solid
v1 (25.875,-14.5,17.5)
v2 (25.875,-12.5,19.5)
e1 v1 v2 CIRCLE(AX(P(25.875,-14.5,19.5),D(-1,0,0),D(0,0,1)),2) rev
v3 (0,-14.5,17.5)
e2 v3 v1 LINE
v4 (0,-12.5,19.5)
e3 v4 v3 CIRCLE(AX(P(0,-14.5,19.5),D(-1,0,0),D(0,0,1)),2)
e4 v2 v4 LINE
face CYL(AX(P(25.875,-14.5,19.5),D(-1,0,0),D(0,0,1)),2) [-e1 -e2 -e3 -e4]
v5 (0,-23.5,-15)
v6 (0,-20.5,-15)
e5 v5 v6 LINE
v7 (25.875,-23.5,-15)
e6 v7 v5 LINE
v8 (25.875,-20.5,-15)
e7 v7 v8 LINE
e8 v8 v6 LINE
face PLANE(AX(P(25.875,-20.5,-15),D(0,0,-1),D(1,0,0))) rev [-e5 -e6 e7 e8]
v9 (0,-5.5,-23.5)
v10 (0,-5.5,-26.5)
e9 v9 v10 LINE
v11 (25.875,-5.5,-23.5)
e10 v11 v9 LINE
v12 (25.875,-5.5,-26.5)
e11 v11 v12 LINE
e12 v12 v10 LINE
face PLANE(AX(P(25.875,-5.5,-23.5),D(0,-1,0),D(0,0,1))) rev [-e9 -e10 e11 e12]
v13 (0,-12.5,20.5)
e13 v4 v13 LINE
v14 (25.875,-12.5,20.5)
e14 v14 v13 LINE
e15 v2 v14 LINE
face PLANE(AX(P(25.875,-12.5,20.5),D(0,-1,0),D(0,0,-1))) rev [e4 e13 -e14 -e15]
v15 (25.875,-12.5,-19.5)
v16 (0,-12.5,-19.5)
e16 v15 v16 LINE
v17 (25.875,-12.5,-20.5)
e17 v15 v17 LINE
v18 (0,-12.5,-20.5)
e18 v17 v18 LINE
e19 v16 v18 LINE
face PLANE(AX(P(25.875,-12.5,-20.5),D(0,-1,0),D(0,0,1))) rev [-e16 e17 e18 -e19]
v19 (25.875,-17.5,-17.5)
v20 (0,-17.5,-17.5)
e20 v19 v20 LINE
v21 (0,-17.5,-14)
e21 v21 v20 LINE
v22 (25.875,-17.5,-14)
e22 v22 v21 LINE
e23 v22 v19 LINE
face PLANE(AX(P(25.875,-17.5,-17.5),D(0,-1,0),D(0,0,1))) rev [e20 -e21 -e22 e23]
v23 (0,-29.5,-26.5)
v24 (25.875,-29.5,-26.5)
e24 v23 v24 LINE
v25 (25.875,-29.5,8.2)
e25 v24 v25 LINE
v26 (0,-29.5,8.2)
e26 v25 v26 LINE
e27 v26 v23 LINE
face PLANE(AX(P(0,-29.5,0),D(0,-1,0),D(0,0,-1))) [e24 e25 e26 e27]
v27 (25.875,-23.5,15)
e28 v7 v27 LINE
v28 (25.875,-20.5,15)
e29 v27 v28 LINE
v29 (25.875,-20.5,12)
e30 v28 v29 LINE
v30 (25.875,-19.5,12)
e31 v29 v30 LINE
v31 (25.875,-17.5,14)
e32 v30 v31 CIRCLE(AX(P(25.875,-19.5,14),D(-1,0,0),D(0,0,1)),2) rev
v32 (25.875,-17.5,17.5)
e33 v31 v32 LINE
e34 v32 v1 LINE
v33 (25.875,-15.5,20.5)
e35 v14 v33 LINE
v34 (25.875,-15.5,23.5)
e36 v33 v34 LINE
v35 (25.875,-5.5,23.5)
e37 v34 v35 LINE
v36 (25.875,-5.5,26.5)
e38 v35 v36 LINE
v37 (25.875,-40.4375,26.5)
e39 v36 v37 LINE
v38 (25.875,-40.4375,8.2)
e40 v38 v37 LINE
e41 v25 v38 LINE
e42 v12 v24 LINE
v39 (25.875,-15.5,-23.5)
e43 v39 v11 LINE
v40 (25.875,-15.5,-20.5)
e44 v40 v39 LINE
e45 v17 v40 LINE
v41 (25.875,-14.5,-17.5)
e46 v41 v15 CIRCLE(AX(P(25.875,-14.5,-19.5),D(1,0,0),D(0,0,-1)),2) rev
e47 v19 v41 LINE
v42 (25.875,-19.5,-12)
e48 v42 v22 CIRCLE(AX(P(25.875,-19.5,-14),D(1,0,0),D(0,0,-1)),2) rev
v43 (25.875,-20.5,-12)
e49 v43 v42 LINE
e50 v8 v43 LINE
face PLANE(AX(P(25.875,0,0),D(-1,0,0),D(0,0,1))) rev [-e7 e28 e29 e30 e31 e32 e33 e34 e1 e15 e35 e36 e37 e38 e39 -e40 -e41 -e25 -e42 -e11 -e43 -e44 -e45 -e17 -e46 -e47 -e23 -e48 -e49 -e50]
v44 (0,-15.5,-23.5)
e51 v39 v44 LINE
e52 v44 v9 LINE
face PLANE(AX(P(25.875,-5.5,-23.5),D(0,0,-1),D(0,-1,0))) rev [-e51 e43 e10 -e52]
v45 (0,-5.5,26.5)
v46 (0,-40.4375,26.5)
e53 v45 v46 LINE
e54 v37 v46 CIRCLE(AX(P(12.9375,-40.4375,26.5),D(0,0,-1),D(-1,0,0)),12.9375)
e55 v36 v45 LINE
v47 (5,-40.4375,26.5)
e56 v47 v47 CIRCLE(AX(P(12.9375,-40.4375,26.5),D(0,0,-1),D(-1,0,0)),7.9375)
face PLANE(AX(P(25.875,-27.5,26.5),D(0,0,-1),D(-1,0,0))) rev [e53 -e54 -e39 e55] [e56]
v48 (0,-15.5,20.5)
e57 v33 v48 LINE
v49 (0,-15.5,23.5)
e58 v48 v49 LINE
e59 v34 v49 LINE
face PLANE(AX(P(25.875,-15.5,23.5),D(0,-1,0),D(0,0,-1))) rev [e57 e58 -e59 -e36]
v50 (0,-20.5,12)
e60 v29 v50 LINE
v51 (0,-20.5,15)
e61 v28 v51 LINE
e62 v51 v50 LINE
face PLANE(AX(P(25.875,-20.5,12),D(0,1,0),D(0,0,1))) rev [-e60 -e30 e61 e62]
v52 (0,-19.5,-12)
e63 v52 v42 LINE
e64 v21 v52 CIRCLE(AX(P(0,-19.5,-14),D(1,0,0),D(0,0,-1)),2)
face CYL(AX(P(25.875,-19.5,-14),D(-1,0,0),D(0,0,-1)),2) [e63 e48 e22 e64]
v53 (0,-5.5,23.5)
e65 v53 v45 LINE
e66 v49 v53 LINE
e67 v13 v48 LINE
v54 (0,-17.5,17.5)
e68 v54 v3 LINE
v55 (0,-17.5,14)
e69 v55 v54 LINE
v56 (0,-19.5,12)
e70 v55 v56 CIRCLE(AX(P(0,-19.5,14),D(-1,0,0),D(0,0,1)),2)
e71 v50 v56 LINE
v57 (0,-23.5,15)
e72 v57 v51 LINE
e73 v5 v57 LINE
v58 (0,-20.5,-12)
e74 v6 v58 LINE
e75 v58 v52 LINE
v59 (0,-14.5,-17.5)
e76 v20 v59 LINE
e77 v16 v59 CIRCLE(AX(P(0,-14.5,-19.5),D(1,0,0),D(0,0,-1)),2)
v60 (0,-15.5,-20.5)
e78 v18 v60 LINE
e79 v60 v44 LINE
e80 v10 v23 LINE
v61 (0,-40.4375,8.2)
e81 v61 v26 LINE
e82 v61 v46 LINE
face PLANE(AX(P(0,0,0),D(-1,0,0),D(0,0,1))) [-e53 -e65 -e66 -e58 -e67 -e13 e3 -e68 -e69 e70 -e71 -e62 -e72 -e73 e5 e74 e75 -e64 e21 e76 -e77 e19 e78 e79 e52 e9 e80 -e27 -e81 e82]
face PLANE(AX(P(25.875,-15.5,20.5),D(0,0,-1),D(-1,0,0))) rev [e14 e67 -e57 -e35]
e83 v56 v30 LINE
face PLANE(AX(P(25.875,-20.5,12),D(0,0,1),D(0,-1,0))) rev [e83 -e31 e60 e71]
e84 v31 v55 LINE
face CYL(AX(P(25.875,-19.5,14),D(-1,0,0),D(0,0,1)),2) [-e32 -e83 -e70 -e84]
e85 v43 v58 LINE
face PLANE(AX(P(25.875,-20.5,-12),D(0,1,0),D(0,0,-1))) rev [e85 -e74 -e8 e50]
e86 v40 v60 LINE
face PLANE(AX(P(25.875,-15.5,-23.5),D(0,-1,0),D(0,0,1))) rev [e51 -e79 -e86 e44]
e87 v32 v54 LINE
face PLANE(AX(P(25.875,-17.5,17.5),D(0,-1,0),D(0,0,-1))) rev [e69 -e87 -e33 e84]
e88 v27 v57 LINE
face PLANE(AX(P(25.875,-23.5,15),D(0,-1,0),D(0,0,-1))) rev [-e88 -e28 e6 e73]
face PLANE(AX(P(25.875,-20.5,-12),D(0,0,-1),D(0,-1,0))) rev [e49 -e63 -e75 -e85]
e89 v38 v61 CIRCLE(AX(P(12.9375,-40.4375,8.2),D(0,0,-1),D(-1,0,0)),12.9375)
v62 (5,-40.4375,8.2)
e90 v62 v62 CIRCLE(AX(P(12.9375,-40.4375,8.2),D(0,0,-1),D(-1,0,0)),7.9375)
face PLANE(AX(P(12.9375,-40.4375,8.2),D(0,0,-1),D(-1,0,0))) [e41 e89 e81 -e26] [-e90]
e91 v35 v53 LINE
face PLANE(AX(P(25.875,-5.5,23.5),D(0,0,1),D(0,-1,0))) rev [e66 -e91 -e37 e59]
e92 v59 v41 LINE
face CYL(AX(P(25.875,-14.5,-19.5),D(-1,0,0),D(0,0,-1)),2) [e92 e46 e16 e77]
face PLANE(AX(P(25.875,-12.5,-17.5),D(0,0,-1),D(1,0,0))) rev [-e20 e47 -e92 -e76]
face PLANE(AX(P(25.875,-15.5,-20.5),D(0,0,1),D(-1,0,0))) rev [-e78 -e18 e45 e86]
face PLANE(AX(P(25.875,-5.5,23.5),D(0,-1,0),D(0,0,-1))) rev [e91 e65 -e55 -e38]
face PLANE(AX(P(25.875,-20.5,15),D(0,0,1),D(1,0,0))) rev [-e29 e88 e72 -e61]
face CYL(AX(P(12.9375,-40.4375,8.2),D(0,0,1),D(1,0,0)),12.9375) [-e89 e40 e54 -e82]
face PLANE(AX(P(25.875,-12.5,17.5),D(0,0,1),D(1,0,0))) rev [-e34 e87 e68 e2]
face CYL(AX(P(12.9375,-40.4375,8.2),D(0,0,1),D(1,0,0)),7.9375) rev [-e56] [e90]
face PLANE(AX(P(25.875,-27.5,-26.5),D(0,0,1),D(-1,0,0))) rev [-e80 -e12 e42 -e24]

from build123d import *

# Parameters (mm, degrees)
BOSS_EXTRUDE1_DEPTH = 25.875
FILLET1_R           = 2
SKETCH2_R           = 7.9375
BOSS_EXTRUDE2_DEPTH = 18.3
SKETCH3_W           = 25.875
SKETCH3_H           = 34.7
BOSS_EXTRUDE3_DEPTH = 2


with BuildPart() as part:
    # Sketch1 → Boss-Extrude1 (new body)
    with BuildSketch(Plane(origin=(0, 0, 0), x_dir=(0, 0, -1), z_dir=(1, 0, 0))):
        Polygon((-26.5, -27.5), (-26.5, -5.5), (-23.5, -5.5), (-23.5, -15.5), (-20.5, -15.5), (-20.5, -12.5), (-17.5, -12.5), (-17.5, -17.5), (-12, -17.5), (-12, -20.5), (-15, -20.5), (-15, -23.5), (0, -23.5), (0, -27.5), align=None)
    extrude(amount=BOSS_EXTRUDE1_DEPTH)

    # Fillet1
    fillet1_edges = [part.edges().sort_by_distance(p)[0] for p in [
        (12.9375, -12.5, 17.5),
        (12.9375, -17.5, 12),
    ]]
    fillet(fillet1_edges, radius=FILLET1_R)

    # Mirror1: part across plane


with BuildPart() as part_1:
    add(part.part)
    add(part.part.mirror(Plane(origin=(25.875, -23.5, 0), x_dir=(1, 0, 0), z_dir=(0, 0, 1))))

    # Sketch2 → Boss-Extrude2 (add)
    with BuildSketch(Plane(origin=(0, 0, 26.5), x_dir=(-1, 0, 0), z_dir=(0, 0, -1))):
        with BuildLine():
            Line((-25.875, -27.5), (-25.875, -40.4375))
            ThreePointArc((-25.875, -40.4375), (-12.9375, -53.375), (0, -40.4375))
            Line((0, -40.4375), (0, -27.5))
            Line((0, -27.5), (0, -23.5))
            Line((0, -23.5), (-25.875, -23.5))
            Line((-25.875, -23.5), (-25.875, -27.5))
        make_face()
        with Locations((-12.9375, -40.4375)):
            Circle(SKETCH2_R, mode=Mode.SUBTRACT)
    extrude(amount=BOSS_EXTRUDE2_DEPTH)

    # Sketch3 → Boss-Extrude3 (add)
    with BuildSketch(Plane.XZ.offset(27.5)):
        with Locations((12.9375, -9.15)):
            Rectangle(SKETCH3_W, SKETCH3_H)
    extrude(amount=BOSS_EXTRUDE3_DEPTH)


solid = part_1.part
